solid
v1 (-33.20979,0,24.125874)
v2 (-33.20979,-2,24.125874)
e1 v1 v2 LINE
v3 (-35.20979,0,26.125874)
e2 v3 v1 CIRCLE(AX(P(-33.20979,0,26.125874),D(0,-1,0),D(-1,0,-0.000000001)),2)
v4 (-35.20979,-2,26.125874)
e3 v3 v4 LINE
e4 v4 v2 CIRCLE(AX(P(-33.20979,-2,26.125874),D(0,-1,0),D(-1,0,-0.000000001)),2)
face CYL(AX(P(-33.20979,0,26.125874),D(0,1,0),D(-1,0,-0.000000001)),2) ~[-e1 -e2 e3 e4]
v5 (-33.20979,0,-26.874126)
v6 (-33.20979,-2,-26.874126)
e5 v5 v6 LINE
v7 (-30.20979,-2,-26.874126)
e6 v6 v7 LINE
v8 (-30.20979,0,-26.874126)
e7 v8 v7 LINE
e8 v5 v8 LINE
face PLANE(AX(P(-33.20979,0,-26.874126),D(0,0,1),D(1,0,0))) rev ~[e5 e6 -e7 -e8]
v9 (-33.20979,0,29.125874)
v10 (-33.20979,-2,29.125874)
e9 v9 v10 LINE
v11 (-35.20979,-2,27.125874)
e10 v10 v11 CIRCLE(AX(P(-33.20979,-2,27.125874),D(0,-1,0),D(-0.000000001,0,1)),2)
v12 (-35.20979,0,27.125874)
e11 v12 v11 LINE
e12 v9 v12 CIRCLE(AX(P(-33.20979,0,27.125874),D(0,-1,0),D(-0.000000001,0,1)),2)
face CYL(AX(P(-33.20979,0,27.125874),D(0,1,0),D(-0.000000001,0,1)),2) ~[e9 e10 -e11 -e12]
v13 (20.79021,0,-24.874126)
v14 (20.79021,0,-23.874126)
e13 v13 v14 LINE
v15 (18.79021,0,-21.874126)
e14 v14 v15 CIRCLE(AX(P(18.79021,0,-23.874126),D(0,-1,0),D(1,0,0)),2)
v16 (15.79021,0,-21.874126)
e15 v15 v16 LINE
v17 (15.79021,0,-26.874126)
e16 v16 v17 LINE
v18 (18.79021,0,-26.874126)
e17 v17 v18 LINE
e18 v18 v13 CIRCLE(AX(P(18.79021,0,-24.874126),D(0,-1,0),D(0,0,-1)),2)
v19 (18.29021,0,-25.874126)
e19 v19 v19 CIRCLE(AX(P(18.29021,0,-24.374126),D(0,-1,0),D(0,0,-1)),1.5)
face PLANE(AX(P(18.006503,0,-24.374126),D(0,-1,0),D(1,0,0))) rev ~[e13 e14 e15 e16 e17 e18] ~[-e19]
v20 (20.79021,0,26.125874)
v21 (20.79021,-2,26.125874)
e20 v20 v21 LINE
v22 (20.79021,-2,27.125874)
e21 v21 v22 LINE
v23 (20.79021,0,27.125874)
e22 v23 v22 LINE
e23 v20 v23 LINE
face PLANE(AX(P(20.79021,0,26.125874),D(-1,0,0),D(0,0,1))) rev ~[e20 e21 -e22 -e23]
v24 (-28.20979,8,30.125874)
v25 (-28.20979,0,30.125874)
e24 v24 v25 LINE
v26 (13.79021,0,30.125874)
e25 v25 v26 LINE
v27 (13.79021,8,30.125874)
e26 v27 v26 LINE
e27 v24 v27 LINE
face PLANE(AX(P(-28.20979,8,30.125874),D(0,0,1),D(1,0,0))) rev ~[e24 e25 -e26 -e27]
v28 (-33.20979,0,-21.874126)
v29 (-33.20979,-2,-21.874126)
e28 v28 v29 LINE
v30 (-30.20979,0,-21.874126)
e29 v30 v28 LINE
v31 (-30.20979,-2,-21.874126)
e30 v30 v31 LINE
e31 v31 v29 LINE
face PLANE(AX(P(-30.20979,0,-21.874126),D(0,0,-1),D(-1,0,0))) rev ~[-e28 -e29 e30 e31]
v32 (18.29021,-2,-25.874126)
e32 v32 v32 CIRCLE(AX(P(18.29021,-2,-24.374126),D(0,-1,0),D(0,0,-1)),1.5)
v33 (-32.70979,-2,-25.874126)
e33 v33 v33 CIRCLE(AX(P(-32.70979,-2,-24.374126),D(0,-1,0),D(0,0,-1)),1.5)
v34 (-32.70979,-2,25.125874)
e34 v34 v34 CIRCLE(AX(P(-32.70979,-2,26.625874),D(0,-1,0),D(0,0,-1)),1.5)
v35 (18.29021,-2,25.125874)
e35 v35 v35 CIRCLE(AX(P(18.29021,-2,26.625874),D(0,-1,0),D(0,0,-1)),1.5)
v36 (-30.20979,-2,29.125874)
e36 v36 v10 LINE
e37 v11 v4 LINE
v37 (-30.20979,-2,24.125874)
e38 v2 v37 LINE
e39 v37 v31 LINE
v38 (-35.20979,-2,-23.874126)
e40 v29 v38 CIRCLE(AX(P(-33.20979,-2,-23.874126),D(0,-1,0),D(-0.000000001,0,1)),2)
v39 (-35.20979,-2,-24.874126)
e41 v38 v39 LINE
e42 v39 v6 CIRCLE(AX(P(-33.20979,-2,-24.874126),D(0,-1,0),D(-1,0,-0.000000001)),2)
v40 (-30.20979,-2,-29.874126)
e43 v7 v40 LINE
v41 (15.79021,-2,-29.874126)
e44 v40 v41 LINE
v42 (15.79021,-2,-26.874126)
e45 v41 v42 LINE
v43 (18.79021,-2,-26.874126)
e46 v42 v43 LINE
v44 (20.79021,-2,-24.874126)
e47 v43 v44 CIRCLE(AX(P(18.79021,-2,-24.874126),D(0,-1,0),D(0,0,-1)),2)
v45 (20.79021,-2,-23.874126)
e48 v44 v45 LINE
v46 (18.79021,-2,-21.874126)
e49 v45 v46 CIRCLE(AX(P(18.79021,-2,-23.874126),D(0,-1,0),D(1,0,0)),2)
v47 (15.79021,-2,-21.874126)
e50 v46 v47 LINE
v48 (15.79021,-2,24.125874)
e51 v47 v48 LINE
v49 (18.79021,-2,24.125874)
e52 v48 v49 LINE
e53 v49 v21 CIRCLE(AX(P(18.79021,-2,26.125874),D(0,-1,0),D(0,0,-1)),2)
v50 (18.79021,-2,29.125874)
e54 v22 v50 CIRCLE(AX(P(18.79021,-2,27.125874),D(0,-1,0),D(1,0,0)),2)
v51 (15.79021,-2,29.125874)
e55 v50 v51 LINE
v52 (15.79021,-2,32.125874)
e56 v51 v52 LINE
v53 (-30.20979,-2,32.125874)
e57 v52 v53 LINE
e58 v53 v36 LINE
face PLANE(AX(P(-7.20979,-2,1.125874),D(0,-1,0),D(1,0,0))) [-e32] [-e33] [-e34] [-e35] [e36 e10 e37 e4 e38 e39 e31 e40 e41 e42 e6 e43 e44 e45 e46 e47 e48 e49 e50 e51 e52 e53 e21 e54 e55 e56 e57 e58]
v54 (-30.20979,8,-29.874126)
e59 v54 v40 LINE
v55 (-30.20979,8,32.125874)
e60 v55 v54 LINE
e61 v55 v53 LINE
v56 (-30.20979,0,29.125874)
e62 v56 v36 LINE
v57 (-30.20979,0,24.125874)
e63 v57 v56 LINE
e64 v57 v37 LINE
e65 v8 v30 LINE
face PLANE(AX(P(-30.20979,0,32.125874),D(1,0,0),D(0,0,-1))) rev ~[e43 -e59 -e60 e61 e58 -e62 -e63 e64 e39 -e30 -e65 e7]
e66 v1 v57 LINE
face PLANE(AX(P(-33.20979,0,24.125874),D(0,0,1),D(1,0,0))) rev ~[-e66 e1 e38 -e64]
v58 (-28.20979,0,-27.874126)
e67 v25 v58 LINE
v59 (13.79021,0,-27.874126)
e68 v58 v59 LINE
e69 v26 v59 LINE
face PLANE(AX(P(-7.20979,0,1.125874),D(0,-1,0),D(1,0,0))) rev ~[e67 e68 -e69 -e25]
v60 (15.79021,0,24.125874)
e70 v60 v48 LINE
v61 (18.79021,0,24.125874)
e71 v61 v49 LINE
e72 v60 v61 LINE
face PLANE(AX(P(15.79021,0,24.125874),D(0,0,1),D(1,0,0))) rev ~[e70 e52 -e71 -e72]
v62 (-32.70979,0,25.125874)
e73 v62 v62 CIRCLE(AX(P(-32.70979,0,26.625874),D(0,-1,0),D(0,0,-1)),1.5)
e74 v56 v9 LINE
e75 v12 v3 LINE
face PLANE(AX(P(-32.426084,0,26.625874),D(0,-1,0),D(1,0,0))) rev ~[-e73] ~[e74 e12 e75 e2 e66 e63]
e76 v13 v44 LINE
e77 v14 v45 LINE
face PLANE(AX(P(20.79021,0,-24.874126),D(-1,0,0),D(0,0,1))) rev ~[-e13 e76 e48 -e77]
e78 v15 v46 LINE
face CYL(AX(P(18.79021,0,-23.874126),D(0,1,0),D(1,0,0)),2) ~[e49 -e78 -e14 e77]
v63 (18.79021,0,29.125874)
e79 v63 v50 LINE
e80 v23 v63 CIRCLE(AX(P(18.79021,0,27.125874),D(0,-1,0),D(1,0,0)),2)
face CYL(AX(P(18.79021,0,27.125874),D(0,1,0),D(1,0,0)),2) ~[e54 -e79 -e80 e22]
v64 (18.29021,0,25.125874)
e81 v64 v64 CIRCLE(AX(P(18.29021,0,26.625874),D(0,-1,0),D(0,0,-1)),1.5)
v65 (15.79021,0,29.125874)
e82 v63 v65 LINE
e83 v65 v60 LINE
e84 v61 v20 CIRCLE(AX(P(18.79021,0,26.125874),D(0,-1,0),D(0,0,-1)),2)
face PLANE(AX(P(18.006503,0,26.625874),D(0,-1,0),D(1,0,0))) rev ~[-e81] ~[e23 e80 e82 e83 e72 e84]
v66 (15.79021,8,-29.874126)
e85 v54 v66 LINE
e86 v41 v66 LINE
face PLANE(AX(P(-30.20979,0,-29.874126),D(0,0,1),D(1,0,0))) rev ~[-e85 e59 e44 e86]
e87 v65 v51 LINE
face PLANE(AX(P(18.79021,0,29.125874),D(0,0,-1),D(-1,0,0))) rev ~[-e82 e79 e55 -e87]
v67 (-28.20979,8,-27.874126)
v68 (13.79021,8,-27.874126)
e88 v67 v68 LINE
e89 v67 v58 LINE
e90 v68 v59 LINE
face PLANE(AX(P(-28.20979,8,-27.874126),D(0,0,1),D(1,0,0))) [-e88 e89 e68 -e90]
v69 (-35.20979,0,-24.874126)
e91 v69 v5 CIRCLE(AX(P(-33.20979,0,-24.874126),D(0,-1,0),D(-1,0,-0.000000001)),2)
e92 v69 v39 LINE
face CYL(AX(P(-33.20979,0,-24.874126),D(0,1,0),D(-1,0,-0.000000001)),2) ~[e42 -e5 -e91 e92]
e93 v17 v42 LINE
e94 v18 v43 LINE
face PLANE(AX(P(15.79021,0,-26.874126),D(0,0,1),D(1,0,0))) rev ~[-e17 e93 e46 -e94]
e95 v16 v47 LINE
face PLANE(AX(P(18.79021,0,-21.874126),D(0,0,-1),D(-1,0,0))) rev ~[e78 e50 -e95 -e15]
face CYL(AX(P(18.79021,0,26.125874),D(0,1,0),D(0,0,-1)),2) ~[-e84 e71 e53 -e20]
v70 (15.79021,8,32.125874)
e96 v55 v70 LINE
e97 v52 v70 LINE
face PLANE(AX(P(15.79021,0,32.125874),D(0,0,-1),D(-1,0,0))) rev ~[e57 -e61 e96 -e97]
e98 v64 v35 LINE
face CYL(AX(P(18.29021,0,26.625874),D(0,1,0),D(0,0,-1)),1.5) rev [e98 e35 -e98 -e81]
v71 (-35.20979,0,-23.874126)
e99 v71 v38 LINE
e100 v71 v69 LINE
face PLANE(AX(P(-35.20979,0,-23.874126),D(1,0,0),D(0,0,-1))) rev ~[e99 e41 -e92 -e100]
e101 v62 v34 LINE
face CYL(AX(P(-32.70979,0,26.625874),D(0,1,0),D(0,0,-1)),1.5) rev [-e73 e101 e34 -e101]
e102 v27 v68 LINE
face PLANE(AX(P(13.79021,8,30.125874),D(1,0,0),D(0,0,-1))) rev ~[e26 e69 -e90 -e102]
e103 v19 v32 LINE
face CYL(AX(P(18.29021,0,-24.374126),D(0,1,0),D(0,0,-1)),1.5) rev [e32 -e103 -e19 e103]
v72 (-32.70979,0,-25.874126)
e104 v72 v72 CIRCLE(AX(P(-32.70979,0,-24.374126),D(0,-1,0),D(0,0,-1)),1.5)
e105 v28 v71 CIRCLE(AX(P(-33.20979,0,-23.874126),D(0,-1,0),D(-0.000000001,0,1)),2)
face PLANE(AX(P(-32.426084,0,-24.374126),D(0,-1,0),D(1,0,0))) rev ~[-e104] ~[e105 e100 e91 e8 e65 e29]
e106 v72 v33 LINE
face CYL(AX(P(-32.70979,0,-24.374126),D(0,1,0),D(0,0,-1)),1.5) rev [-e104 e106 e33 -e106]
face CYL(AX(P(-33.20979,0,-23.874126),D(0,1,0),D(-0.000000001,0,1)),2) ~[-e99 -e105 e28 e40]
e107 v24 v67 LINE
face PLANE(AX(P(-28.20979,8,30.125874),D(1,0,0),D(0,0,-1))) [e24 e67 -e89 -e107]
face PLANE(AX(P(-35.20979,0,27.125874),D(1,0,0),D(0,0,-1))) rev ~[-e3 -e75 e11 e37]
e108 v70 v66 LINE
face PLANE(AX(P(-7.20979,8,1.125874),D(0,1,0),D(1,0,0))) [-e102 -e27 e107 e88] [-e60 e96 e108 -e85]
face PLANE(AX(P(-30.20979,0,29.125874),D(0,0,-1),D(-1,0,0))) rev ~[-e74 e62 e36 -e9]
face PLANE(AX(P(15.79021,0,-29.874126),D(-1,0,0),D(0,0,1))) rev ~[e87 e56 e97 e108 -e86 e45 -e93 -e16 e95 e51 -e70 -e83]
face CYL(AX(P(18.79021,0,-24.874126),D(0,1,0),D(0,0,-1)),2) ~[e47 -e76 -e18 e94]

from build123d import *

# Parameters (mm, degrees)
SKETCH_1_W          = 46
SKETCH_1_H          = 62
EXTRUDE_1_DEPTH     = 8
SKETCH_2_W          = 42
SKETCH_2_H          = 58
CUT_EXTRUDE_1_DEPTH = 8
SKETCH_3_R          = 1.5
SKETCH_3_W          = 42
SKETCH_3_H          = 58
EXTRUDE_2_DEPTH     = 2


with BuildPart() as part:
    # 草图1 → 凸台-拉伸1 (new body)
    with BuildSketch(Plane(origin=(0, 0, 0), x_dir=(1, 0, 0), z_dir=(0, 1, 0))):
        with Locations((-7.20979021, -1.125874126)):
            Rectangle(SKETCH_1_W, SKETCH_1_H)
    extrude(amount=EXTRUDE_1_DEPTH)

    # 草图2 → 切除-拉伸1 (cut)
    with BuildSketch(Plane(origin=(0, 8, 0), x_dir=(1, 0, 0), z_dir=(0, 1, 0))):
        with Locations((-7.20979021, -1.125874126)):
            Rectangle(SKETCH_2_W, SKETCH_2_H)
    extrude(amount=-CUT_EXTRUDE_1_DEPTH, mode=Mode.SUBTRACT)

    # 草图3 → 凸台-拉伸2 (add)
    # profile 1 of 6: a face of its own
    with BuildSketch(Plane.XZ):
        with BuildLine():
            Line((-30.20979021, 24.125874126), (-30.20979021, 29.125874126))
            Line((-30.20979021, 29.125874126), (-33.20979021, 29.125874126))
            ThreePointArc((-33.20979021, 29.125874126), (-34.624003772, 28.540087688), (-35.20979021, 27.125874126))
            Line((-35.20979021, 27.125874126), (-35.20979021, 26.125874126))
            ThreePointArc((-35.20979021, 26.125874126), (-34.624003772, 24.711660564), (-33.20979021, 24.125874126))
            Line((-33.20979021, 24.125874126), (-30.20979021, 24.125874126))
        make_face()
        with Locations(Location((-32.70979021, 26.625874126, 0), (0, 0, 270))):
            Circle(SKETCH_3_R, mode=Mode.SUBTRACT)
    # profile 2 of 6: a face of its own
    with BuildSketch(Plane.XZ):
        Polygon((15.79020979, 32.125874126), (-30.20979021, 32.125874126), (-30.20979021, 29.125874126), (-30.20979021, 24.125874126), (-30.20979021, -21.874125874), (-30.20979021, -26.874125874), (-30.20979021, -29.874125874), (15.79020979, -29.874125874), (15.79020979, -26.874125874), (15.79020979, -21.874125874), (15.79020979, 24.125874126), (15.79020979, 29.125874126), align=None)
        with Locations((-7.20979021, 1.125874126)):
            Rectangle(SKETCH_3_W, SKETCH_3_H, mode=Mode.SUBTRACT)
    # profile 3 of 6: a face of its own
    with BuildSketch(Plane.XZ):
        with BuildLine():
            Line((18.79020979, 29.125874126), (15.79020979, 29.125874126))
            Line((15.79020979, 29.125874126), (15.79020979, 24.125874126))
            Line((15.79020979, 24.125874126), (18.79020979, 24.125874126))
            ThreePointArc((18.79020979, 24.125874126), (20.204423353, 24.711660564), (20.79020979, 26.125874126))
            Line((20.79020979, 26.125874126), (20.79020979, 27.125874126))
            ThreePointArc((20.79020979, 27.125874126), (20.204423353, 28.540087688), (18.79020979, 29.125874126))
        make_face()
        with Locations(Location((18.29020979, 26.625874126, 0), (0, 0, 270))):
            Circle(SKETCH_3_R, mode=Mode.SUBTRACT)
    # profile 4 of 6: a face of its own
    with BuildSketch(Plane.XZ):
        with BuildLine():
            Line((-30.20979021, -26.874125874), (-30.20979021, -21.874125874))
            Line((-30.20979021, -21.874125874), (-33.20979021, -21.874125874))
            ThreePointArc((-33.20979021, -21.874125874), (-34.624003772, -22.459912312), (-35.20979021, -23.874125874))
            Line((-35.20979021, -23.874125874), (-35.20979021, -24.874125874))
            ThreePointArc((-35.20979021, -24.874125874), (-34.624003772, -26.288339436), (-33.20979021, -26.874125874))
            Line((-33.20979021, -26.874125874), (-30.20979021, -26.874125874))
        make_face()
        with Locations(Location((-32.70979021, -24.374125874, 0), (0, 0, 270))):
            Circle(SKETCH_3_R, mode=Mode.SUBTRACT)
    # profile 5 of 6: a face of its own
    with BuildSketch(Plane.XZ):
        with BuildLine():
            Line((18.79020979, -21.874125874), (15.79020979, -21.874125874))
            Line((15.79020979, -21.874125874), (15.79020979, -26.874125874))
            Line((15.79020979, -26.874125874), (18.79020979, -26.874125874))
            ThreePointArc((18.79020979, -26.874125874), (20.204423353, -26.288339436), (20.79020979, -24.874125874))
            Line((20.79020979, -24.874125874), (20.79020979, -23.874125874))
            ThreePointArc((20.79020979, -23.874125874), (20.204423353, -22.459912312), (18.79020979, -21.874125874))
        make_face()
        with Locations(Location((18.29020979, -24.374125874, 0), (0, 0, 270))):
            Circle(SKETCH_3_R, mode=Mode.SUBTRACT)
    # profile 6 of 6: a face of its own
    with BuildSketch(Plane.XZ):
        with Locations((-7.20979021, 1.125874126)):
            Rectangle(SKETCH_3_W, SKETCH_3_H)
    extrude(amount=EXTRUDE_2_DEPTH)


solid = part.part
